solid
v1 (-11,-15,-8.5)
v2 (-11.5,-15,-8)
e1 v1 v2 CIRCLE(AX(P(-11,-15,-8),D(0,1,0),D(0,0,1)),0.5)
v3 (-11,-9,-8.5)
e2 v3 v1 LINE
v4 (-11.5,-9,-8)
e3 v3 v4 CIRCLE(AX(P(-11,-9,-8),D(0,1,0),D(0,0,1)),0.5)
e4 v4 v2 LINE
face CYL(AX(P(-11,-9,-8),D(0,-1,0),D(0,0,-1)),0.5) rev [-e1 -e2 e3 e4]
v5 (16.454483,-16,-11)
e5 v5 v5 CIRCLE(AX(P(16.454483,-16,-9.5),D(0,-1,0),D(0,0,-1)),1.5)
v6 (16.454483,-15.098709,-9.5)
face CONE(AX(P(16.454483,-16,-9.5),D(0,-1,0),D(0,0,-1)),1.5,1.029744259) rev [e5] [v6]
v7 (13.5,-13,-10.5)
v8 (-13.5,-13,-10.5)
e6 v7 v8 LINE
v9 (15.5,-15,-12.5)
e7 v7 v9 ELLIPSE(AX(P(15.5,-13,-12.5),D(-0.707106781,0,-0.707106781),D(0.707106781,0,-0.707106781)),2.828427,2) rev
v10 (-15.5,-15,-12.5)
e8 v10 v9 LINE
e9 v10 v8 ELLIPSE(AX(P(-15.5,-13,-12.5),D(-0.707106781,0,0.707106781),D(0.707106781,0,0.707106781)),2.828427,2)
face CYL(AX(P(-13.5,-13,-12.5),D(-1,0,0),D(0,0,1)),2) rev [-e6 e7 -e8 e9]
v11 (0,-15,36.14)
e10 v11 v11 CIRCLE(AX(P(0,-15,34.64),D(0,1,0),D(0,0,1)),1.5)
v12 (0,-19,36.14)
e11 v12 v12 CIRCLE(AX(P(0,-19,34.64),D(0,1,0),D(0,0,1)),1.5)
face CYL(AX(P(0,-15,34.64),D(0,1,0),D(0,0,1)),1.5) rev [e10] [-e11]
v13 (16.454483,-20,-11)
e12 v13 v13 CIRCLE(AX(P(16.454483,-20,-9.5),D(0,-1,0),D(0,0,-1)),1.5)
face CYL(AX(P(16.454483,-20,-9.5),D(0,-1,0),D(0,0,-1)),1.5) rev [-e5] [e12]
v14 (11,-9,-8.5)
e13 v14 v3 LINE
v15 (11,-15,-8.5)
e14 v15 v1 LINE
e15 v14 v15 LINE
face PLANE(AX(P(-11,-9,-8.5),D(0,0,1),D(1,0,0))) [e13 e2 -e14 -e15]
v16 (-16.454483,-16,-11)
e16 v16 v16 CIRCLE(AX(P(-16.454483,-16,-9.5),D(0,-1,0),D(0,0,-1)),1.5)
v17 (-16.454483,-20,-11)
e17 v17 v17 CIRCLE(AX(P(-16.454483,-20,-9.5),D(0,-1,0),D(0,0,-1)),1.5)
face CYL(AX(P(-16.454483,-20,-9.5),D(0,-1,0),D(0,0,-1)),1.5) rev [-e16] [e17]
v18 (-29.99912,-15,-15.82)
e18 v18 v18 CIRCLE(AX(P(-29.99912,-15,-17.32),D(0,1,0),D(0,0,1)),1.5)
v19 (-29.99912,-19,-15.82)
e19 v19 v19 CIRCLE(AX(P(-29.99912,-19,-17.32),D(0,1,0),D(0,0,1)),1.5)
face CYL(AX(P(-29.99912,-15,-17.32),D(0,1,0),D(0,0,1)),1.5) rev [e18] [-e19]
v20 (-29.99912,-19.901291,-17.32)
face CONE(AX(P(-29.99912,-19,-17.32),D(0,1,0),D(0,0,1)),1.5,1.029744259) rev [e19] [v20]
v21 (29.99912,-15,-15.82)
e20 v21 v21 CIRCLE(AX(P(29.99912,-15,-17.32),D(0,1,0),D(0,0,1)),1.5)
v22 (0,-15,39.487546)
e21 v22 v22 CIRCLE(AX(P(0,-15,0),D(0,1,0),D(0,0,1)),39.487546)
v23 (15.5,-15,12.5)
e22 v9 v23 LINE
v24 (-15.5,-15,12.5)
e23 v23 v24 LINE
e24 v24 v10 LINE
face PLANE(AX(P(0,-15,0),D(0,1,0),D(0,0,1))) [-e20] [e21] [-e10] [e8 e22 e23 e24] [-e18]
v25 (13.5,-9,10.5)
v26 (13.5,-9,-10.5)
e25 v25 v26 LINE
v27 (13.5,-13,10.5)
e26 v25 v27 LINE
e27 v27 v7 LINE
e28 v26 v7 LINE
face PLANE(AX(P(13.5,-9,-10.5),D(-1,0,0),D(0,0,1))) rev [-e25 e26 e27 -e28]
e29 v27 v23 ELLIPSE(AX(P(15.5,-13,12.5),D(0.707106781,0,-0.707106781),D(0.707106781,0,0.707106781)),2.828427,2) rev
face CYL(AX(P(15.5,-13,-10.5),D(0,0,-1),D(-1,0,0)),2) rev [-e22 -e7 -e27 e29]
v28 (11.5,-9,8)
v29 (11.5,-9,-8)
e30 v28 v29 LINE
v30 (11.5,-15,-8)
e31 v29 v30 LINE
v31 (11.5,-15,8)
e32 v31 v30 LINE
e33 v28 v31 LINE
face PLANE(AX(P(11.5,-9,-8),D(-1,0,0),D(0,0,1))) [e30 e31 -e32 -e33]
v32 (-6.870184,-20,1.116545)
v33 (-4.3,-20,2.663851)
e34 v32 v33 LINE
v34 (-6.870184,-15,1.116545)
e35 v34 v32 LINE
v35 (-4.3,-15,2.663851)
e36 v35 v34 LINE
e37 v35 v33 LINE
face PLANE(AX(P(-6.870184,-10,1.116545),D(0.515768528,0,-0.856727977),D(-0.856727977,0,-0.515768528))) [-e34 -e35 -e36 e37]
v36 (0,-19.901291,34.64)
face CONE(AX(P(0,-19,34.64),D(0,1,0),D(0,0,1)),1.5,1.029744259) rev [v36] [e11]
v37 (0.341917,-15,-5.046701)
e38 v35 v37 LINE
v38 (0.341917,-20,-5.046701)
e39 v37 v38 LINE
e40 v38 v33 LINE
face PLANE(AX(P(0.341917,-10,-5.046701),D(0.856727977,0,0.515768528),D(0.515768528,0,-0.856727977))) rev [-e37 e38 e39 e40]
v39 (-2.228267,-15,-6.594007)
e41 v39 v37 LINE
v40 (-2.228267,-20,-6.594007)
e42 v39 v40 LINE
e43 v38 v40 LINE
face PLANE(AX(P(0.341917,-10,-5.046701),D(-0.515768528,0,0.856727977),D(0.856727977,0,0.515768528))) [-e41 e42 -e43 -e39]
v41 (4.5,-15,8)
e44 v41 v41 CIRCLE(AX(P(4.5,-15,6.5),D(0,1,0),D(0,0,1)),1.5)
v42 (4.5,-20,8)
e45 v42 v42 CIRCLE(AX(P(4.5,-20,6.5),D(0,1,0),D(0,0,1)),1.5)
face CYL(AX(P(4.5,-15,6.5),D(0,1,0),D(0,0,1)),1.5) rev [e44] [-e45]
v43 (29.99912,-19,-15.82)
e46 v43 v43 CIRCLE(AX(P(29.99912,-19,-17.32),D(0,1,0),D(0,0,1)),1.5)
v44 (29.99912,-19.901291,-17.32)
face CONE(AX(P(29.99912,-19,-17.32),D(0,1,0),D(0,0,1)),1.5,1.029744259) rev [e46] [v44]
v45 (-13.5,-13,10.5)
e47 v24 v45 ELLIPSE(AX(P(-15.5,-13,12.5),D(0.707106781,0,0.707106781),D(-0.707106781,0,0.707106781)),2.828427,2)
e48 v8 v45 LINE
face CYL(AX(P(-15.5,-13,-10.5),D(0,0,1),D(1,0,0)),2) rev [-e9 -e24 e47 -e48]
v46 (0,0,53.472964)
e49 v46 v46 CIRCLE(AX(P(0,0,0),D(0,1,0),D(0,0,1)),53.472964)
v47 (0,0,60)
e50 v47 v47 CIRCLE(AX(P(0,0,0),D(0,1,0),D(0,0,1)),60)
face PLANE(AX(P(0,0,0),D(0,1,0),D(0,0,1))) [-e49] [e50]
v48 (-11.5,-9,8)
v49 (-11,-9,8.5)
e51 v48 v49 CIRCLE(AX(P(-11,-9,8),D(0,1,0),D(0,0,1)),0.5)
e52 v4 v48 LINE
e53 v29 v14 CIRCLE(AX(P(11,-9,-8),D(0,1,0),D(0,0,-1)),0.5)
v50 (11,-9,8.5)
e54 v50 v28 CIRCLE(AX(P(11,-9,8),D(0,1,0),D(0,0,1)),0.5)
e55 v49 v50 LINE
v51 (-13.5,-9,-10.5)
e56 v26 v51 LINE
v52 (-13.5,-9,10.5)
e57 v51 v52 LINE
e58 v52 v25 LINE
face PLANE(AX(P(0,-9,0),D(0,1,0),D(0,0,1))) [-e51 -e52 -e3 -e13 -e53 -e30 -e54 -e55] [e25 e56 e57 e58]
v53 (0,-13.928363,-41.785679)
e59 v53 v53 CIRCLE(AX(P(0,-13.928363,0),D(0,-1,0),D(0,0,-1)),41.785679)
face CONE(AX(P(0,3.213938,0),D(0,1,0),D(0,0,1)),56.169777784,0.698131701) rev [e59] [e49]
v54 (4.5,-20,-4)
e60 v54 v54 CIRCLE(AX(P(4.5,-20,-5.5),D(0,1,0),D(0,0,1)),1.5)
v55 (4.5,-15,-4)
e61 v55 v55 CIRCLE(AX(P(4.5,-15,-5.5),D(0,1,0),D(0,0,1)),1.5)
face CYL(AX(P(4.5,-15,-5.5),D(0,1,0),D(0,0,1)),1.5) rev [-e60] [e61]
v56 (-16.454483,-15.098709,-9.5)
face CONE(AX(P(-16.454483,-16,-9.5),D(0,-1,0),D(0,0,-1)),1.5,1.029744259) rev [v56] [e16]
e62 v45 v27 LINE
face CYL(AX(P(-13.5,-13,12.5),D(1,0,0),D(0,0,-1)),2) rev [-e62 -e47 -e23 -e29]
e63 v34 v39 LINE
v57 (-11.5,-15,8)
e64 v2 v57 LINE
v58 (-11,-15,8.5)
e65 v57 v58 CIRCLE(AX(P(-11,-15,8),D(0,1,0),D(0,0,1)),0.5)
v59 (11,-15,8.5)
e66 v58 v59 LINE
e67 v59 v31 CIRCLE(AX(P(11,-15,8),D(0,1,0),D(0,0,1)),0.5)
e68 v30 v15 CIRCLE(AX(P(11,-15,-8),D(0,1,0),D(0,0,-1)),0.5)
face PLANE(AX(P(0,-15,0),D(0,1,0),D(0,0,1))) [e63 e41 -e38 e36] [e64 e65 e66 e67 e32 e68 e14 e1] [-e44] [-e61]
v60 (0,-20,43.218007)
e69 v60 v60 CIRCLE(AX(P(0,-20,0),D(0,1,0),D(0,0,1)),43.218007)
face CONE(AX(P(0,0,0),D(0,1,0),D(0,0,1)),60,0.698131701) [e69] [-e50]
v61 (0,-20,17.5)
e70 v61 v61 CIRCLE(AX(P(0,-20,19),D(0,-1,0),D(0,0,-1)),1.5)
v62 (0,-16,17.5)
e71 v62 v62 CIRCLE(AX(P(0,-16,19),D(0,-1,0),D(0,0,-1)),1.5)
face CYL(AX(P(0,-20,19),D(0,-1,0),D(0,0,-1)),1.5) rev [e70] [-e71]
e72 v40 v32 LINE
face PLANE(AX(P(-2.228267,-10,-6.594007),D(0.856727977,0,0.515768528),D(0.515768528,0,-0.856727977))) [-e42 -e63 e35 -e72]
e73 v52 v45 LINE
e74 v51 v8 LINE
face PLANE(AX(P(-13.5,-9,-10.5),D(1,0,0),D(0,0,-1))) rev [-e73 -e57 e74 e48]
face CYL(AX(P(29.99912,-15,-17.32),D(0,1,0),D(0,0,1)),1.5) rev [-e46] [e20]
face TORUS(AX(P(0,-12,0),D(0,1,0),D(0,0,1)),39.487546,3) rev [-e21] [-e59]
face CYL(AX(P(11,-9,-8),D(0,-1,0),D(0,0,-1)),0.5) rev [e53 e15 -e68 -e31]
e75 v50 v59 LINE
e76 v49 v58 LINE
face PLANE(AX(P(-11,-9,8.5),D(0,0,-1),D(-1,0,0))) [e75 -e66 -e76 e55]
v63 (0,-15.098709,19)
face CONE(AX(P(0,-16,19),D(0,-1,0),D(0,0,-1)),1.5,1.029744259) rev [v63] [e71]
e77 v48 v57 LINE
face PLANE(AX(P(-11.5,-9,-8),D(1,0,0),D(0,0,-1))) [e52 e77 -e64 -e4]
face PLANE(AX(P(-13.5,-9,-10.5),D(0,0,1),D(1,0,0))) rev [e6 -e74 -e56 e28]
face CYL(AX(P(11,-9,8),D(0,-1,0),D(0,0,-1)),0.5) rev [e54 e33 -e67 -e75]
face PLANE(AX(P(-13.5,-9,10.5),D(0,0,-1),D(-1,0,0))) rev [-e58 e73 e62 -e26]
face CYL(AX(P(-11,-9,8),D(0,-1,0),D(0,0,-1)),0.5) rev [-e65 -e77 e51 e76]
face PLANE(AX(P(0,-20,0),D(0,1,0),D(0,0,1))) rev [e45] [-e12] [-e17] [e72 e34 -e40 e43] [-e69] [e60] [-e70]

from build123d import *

# Parameters (mm, degrees)
SKETCH1_R                 = 60
BOSS_EXTRUDE1_DEPTH       = 20
BOSS_EXTRUDE1_DRAFT       = -40
SHELL1_T                  = -5
SKETCH3_W                 = 27
SKETCH3_H                 = 21
BOSS_EXTRUDE2_DEPTH       = 6
F_3_0MM_DOWEL_HOLE1_D     = 3
F_3_0MM_DOWEL_HOLE1_DEPTH = 4
F_3_0MM_DOWEL_HOLE1_TIP   = 0.901290929
F_3_0MM_DOWEL_HOLE2_D     = 3
F_3_0MM_DOWEL_HOLE2_DEPTH = 10
F_3_0MM_DOWEL_HOLE2_TIP   = 0.901290929
FILLET2_R                 = 2
F_3_0MM_DOWEL_HOLE3_D     = 3
F_3_0MM_DOWEL_HOLE3_DEPTH = 4
F_3_0MM_DOWEL_HOLE3_TIP   = 0.901290929
CUT_EXTRUDE1_DEPTH        = 10
FILLET3_R                 = 3


with BuildPart() as part:
    # Sketch1 → Boss-Extrude1 (with draft: the straight prism first)
    with BuildSketch(Plane(origin=(0, 0, 0), x_dir=(1, 0, 0), z_dir=(0, 1, 0))):
        Circle(SKETCH1_R)
    extrude(amount=-BOSS_EXTRUDE1_DEPTH)
    # Boss-Extrude1: the draft: its side faces are tilted about the plane it starts from
    boss_extrude1_sides = [part.faces().sort_by_distance(p)[0] for p in [
        (-60, -10, 0),
    ]]
    draft(boss_extrude1_sides, Plane(origin=(0, 0, 0), x_dir=(1, 0, 0), z_dir=(0, 1, 0)), BOSS_EXTRUDE1_DRAFT)

    # Shell1
    shell1_openings = [part.faces().sort_by_distance(p)[0] for p in [
        (0, 0, 0),
    ]]
    offset(amount=SHELL1_T, openings=shell1_openings, kind=Kind.INTERSECTION)

    # Sketch3 → Boss-Extrude2 (add)
    with BuildSketch(Plane(origin=(0, -15, 0), x_dir=(1, 0, 0), z_dir=(0, 1, 0))):
        Rectangle(SKETCH3_W, SKETCH3_H)
        with BuildLine():
            Line((-11, 8.5), (11, 8.5))
            ThreePointArc((11, 8.5), (11.353553391, 8.353553391), (11.5, 8))
            Line((11.5, 8), (11.5, -8))
            ThreePointArc((11.5, -8), (11.353553391, -8.353553391), (11, -8.5))
            Line((11, -8.5), (-11, -8.5))
            ThreePointArc((-11, -8.5), (-11.353553391, -8.353553391), (-11.5, -8))
            Line((-11.5, -8), (-11.5, 8))
            ThreePointArc((-11.5, 8), (-11.353553391, 8.353553391), (-11, 8.5))
        make_face(mode=Mode.SUBTRACT)
    extrude(amount=BOSS_EXTRUDE2_DEPTH)

    # Ø3.0mm Dowel Hole1
    with Locations(Plane(origin=(0, -15, 0), x_dir=(1, 0, 0), z_dir=(0, 1, 0))):
        with Locations((-29.999119987, 17.32), (29.999119987, 17.32), (0, -34.64)):
            Hole(F_3_0MM_DOWEL_HOLE1_D / 2, depth=F_3_0MM_DOWEL_HOLE1_DEPTH)
            with Locations((0, 0, -(F_3_0MM_DOWEL_HOLE1_DEPTH + F_3_0MM_DOWEL_HOLE1_TIP / 2))):  # 118° drill point
                Cone(0, F_3_0MM_DOWEL_HOLE1_D / 2, F_3_0MM_DOWEL_HOLE1_TIP, mode=Mode.SUBTRACT)

    # Ø3.0mm Dowel Hole2
    with Locations(Plane(origin=(0, -15, 0), x_dir=(1, 0, 0), z_dir=(0, 1, 0))):
        with Locations((4.5, 5.5), (4.5, -6.5)):
            Hole(F_3_0MM_DOWEL_HOLE2_D / 2, depth=F_3_0MM_DOWEL_HOLE2_DEPTH)
            with Locations((0, 0, -(F_3_0MM_DOWEL_HOLE2_DEPTH + F_3_0MM_DOWEL_HOLE2_TIP / 2))):  # 118° drill point
                Cone(0, F_3_0MM_DOWEL_HOLE2_D / 2, F_3_0MM_DOWEL_HOLE2_TIP, mode=Mode.SUBTRACT)

    # Fillet2
    fillet2_edges = [part.edges().sort_by_distance(p)[0] for p in [
        (-13.5, -15, 0),
        (0, -15, 10.5),
        (13.5, -15, 0),
        (0, -15, -10.5),
    ]]
    fillet(fillet2_edges, radius=FILLET2_R)

    # Ø3.0mm Dowel Hole3
    with Locations(Plane(origin=(0, -20, 0), x_dir=(-1, 0, 0), z_dir=(0, -1, 0))):
        with Locations((0, -19), (-16.454482672, 9.5), (16.454482672, 9.5)):
            Hole(F_3_0MM_DOWEL_HOLE3_D / 2, depth=F_3_0MM_DOWEL_HOLE3_DEPTH)
            with Locations((0, 0, -(F_3_0MM_DOWEL_HOLE3_DEPTH + F_3_0MM_DOWEL_HOLE3_TIP / 2))):  # 118° drill point
                Cone(0, F_3_0MM_DOWEL_HOLE3_D / 2, F_3_0MM_DOWEL_HOLE3_TIP, mode=Mode.SUBTRACT)

    # Sketch11 → Cut-Extrude1 (cut)
    with BuildSketch(Plane.XZ.offset(20)):
        Polygon((0.341916748, -5.046701194), (-2.228267182, -6.594006776), (-6.87018393, 1.116545014), (-4.3, 2.663850596), align=None)
    extrude(amount=-CUT_EXTRUDE1_DEPTH, mode=Mode.SUBTRACT)

    # Fillet3
    fillet3_edges = [part.edges().sort_by_distance(p)[0] for p in [
        (-40.886469086, -15, 0),
    ]]
    fillet(fillet3_edges, radius=FILLET3_R)


solid = part.part
